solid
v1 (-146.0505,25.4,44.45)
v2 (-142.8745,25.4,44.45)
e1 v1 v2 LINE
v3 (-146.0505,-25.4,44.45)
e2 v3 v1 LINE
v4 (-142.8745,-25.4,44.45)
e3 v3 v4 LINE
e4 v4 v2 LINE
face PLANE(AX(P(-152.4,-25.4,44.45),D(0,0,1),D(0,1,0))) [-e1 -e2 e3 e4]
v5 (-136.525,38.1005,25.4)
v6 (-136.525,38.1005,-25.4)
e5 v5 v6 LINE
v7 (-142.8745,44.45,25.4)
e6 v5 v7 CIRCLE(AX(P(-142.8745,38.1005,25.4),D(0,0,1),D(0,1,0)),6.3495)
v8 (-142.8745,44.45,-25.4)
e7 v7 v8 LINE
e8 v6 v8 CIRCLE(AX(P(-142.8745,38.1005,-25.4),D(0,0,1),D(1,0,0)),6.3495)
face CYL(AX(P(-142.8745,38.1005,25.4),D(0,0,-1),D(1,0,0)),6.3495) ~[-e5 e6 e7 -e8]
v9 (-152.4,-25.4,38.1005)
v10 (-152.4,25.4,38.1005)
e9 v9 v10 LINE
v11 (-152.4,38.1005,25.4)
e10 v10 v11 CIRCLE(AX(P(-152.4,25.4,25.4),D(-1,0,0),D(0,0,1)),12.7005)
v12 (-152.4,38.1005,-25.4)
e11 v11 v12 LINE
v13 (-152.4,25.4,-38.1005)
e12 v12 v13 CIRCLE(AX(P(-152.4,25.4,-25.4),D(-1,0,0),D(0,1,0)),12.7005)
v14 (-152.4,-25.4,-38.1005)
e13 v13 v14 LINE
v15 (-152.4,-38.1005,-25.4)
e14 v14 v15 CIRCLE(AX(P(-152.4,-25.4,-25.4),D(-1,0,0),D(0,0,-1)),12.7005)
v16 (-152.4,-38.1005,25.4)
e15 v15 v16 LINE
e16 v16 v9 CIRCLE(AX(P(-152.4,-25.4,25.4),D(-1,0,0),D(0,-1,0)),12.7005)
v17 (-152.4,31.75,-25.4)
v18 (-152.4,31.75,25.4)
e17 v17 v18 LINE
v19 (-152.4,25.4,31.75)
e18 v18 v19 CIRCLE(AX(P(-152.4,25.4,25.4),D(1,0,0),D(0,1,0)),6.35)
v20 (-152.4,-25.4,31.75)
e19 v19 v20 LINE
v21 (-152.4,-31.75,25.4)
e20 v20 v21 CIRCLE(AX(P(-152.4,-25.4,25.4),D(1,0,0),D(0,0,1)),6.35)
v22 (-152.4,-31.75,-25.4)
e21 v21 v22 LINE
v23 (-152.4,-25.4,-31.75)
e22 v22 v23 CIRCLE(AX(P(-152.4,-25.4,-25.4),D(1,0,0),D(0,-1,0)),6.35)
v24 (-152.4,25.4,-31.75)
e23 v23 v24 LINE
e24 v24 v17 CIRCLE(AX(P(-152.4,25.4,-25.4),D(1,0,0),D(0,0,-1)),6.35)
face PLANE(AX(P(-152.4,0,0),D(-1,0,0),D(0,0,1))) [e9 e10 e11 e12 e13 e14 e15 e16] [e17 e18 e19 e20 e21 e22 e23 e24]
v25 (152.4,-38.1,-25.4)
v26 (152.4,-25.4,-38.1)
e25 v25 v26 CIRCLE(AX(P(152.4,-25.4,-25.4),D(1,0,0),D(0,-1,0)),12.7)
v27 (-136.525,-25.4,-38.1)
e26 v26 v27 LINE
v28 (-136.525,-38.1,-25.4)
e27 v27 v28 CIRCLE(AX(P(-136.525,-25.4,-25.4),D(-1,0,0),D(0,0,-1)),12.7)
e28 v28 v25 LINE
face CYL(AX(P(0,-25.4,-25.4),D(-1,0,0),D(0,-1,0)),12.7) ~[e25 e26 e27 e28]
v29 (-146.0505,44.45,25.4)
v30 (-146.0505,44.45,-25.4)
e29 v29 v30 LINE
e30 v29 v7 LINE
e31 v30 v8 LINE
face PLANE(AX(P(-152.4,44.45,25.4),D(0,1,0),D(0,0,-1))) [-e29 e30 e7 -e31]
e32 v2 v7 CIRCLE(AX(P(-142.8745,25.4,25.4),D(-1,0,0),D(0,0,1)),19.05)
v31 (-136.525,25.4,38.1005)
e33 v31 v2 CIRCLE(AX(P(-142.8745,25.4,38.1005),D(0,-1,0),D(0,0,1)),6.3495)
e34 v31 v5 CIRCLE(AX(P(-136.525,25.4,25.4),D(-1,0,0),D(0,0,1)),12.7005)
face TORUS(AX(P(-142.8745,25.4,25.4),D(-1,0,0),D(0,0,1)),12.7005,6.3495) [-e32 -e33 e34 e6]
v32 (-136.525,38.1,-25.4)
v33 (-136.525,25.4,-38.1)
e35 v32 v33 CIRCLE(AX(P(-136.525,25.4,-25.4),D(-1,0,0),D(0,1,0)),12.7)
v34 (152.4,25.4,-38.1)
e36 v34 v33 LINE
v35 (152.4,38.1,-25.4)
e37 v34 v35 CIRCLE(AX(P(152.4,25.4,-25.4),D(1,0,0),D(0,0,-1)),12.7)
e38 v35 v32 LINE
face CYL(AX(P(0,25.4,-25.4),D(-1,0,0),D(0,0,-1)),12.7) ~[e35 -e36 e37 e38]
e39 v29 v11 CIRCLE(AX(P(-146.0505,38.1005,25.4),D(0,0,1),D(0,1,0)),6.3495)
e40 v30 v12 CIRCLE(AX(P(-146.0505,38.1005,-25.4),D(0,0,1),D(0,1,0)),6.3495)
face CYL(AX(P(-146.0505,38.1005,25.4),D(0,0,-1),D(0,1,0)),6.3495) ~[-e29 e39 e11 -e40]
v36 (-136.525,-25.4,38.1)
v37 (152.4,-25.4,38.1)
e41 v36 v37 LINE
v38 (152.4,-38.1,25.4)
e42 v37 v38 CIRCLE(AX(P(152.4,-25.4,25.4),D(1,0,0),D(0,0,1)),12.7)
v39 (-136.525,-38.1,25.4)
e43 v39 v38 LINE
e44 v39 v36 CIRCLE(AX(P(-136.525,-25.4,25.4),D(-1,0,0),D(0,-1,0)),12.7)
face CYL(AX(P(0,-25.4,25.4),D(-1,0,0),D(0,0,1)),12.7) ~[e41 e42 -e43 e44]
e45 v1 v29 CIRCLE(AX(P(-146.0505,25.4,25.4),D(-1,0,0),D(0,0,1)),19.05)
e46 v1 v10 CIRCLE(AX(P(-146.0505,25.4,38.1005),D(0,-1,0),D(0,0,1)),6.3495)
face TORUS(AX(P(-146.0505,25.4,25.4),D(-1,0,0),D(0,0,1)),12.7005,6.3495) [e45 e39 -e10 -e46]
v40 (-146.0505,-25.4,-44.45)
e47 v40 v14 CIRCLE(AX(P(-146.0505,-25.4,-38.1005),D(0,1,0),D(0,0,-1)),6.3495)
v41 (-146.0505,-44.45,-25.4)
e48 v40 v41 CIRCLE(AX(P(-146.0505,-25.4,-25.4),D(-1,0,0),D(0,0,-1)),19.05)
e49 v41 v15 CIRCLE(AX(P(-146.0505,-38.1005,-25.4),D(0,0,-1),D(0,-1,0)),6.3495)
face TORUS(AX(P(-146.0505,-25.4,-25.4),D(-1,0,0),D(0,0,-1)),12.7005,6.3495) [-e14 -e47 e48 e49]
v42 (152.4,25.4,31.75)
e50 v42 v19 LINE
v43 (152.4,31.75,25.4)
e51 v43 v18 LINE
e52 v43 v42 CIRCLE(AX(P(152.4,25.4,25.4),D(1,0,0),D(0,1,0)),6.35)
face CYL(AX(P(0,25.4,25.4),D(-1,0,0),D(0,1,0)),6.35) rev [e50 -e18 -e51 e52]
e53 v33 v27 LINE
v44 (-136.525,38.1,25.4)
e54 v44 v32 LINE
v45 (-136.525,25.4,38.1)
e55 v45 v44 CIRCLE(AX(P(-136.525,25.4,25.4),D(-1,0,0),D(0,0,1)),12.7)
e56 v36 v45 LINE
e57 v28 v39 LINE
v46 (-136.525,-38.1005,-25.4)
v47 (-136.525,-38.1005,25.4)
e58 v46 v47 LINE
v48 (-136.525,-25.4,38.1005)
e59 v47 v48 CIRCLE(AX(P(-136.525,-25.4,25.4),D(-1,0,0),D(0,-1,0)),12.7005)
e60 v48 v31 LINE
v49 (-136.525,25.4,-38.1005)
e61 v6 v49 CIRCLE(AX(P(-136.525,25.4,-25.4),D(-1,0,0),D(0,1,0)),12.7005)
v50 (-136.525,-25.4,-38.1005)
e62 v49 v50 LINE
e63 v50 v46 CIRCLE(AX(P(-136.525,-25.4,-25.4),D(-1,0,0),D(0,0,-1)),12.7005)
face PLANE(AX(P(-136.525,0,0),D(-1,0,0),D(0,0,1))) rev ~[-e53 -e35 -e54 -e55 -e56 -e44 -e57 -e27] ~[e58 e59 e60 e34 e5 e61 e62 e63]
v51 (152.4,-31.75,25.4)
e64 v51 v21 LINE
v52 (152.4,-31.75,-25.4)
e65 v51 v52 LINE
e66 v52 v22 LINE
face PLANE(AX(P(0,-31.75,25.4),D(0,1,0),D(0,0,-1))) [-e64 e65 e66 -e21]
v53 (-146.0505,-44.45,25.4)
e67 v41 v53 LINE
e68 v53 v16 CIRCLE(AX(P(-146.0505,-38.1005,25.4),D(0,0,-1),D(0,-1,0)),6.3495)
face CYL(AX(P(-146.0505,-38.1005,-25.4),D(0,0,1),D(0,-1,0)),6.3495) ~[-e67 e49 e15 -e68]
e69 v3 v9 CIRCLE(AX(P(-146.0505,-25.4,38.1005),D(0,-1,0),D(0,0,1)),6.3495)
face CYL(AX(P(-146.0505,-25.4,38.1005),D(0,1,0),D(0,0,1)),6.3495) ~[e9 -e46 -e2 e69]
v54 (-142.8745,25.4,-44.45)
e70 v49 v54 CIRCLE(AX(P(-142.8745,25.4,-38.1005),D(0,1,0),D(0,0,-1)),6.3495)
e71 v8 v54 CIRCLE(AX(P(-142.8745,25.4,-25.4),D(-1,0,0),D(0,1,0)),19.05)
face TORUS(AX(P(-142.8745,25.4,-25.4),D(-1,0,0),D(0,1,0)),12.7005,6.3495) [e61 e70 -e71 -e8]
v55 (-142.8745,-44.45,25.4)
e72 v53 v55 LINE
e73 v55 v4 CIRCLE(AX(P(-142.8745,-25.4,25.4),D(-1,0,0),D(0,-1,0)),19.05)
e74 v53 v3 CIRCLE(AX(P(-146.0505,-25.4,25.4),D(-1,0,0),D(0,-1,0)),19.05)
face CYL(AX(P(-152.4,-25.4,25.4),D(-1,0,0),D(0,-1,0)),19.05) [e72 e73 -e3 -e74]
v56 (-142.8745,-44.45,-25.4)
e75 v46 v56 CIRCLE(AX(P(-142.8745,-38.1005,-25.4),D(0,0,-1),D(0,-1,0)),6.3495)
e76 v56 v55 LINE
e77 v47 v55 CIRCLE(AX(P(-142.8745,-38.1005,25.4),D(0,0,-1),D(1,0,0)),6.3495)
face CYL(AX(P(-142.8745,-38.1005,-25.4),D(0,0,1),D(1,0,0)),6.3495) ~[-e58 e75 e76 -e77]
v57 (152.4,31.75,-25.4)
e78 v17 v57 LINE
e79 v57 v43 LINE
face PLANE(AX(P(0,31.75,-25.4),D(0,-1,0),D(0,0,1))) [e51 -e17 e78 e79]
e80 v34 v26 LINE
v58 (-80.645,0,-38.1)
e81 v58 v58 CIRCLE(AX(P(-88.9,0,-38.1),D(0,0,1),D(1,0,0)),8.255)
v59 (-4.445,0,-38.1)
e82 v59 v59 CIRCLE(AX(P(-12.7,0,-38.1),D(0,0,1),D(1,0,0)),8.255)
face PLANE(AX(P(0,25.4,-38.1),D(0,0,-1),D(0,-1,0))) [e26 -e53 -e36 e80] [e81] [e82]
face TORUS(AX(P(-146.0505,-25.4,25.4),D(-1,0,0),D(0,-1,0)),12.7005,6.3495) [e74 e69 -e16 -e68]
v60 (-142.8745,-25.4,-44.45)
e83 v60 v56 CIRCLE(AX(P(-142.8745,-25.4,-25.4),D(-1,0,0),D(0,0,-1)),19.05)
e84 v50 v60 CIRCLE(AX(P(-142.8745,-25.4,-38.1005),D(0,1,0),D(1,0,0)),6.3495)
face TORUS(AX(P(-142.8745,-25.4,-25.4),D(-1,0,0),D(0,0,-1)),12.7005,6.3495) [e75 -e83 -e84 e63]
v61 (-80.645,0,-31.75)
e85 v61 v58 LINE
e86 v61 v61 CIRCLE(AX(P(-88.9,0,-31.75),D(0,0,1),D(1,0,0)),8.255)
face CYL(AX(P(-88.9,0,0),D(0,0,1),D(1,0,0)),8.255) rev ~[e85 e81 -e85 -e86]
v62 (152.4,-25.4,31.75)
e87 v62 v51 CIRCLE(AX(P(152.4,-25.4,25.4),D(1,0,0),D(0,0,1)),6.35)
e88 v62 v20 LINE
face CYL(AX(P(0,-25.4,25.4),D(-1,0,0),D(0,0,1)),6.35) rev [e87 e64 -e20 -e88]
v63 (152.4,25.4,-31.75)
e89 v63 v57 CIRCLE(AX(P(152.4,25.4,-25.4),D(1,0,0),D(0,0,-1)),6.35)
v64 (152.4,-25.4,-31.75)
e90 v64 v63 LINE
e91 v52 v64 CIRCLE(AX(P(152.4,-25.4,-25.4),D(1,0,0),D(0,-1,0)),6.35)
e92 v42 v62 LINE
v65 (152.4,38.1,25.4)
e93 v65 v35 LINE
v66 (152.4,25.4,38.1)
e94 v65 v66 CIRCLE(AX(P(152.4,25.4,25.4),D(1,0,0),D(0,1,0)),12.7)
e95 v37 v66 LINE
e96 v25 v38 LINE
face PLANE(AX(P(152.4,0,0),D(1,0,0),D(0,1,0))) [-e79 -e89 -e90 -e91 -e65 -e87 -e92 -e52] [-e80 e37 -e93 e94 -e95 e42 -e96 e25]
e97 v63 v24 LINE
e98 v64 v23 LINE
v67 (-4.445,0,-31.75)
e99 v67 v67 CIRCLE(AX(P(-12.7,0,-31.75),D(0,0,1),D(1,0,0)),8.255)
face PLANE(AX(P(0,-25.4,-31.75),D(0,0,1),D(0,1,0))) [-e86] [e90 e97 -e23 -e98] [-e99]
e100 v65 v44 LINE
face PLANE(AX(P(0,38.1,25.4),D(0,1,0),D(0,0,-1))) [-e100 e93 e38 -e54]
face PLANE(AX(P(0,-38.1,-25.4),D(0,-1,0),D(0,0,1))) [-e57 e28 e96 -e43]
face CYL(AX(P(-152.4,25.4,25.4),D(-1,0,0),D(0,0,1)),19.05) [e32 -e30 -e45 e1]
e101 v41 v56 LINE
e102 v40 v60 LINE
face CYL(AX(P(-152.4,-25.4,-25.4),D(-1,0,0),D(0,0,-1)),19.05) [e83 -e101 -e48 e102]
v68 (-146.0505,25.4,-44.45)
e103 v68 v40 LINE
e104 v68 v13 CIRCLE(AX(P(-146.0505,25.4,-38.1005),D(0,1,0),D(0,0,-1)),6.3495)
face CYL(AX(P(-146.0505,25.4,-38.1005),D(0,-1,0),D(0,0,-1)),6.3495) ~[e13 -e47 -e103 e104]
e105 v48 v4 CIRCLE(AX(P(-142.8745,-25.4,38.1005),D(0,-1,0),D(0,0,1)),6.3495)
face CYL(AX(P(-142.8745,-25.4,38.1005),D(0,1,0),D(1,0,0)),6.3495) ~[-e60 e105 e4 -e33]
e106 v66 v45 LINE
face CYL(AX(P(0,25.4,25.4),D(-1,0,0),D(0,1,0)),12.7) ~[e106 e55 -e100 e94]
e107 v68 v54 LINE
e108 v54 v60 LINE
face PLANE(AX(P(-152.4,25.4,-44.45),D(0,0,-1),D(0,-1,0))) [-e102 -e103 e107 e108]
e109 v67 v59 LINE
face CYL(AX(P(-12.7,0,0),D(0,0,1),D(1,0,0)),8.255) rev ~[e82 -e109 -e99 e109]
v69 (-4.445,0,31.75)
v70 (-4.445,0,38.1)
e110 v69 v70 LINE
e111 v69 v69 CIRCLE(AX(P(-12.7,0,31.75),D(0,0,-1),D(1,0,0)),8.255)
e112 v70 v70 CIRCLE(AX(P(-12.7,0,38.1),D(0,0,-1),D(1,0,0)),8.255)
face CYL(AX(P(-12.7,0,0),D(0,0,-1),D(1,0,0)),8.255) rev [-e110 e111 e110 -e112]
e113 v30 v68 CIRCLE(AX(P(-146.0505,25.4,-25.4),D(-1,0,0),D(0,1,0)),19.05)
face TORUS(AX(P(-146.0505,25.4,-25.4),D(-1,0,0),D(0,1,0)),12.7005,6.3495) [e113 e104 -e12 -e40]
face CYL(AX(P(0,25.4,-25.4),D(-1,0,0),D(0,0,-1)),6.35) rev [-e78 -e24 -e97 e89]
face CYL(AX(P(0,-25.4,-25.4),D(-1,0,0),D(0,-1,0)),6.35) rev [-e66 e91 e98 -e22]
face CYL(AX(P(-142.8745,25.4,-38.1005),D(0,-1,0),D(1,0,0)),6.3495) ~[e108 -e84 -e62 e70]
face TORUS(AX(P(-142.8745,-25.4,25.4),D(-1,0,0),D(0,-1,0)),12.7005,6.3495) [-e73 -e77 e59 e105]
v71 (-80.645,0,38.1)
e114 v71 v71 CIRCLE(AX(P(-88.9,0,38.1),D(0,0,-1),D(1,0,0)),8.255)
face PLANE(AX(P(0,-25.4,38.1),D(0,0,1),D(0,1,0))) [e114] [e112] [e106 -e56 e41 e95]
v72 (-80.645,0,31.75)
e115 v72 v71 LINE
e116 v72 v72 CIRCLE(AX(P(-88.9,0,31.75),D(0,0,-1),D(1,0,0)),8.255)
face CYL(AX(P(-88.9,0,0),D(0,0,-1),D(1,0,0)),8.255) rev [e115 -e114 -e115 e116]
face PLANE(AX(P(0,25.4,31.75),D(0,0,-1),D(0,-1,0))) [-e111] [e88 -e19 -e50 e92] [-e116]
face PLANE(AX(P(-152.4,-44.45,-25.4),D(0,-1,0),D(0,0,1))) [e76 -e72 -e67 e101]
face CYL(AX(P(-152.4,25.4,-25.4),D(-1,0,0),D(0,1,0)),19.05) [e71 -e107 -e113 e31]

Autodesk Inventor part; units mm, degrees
ref_plane "YZ Plane" through (0, 0, 0) normal (1, 0, 0) x (0, 1, 0)
ref_plane "XZ Plane" through (0, 0, 0) normal (0, 1, 0) x (-1, 0, 0)
ref_plane "XY Plane" through (0, 0, 0) normal (0, 0, 1) x (1, 0, 0)
sketch "Sketch5" plane through (0, 0, 0) normal (1, 0, 0) x (0, 1, 0)
  line L0 (-25.4, 38.1) -> (25.4, 38.1)
  line L1 (38.1, 25.4) -> (38.1, -25.4)
  line L2 (25.4, -38.1) -> (-25.4, -38.1)
  line L3 (-38.1, -25.4) -> (-38.1, 25.4)
  line L4 (-38.1, 38.1) -> (38.1, -38.1) construction
  line L5 (38.1, 38.1) -> (-38.1, -38.1) construction
  arc A0 (38.1, 25.4) -> (25.4, 38.1) centre (25.4, 25.4) ccw
  arc A1 (25.4, -38.1) -> (38.1, -25.4) centre (25.4, -25.4) ccw
  arc A2 (-38.1, -25.4) -> (-25.4, -38.1) centre (-25.4, -25.4) ccw
  arc A3 (-25.4, 38.1) -> (-38.1, 25.4) centre (-25.4, 25.4) ccw
  line L6 (31.75, -25.4) -> (31.75, 25.4)
  arc A4 (31.75, 25.4) -> (25.4, 31.75) centre (25.4, 25.4) ccw
  line L7 (25.4, 31.75) -> (-25.4, 31.75)
  arc A5 (-25.4, 31.75) -> (-31.75, 25.4) centre (-25.4, 25.4) ccw
  line L8 (-31.75, 25.4) -> (-31.75, -25.4)
  arc A6 (-31.75, -25.4) -> (-25.4, -31.75) centre (-25.4, -25.4) ccw
  line L9 (-25.4, -31.75) -> (25.4, -31.75)
  arc A7 (25.4, -31.75) -> (31.75, -25.4) centre (25.4, -25.4) ccw
  point P0 (0, 0)
  dimension "d6" = 76.2
  dimension "d7" = 76.2
  dimension "d8" = 12.7
  dimension "d9" = 6.35
extrude "Extrusion4" add sketch "Sketch5" along normal mid plane 304.8
sketch "Sketch7" plane through (-152.4, 0, 0) normal (-1, 0, 0) x (0, 0, 1)
  arc A0 (-38.1, -25.4) -> (-25.4, -38.1) centre (-25.4, -25.4) ccw projected
  line L0 (-25.4, -38.1) -> (25.4, -38.1) projected
  arc A1 (25.4, -38.1) -> (38.1, -25.4) centre (25.4, -25.4) ccw projected
  line L1 (38.1, -25.4) -> (38.1, 25.4) projected
  arc A2 (38.1, 25.4) -> (25.4, 38.1) centre (25.4, 25.4) ccw projected
  line L2 (25.4, 38.1) -> (-25.4, 38.1) projected
  arc A3 (-25.4, 38.1) -> (-38.1, 25.4) centre (-25.4, 25.4) ccw projected
  line L3 (-38.1, 25.4) -> (-38.1, -25.4) projected
  arc A4 (-44.45, -25.4) -> (-25.4, -44.45) centre (-25.4, -25.4) ccw
  line L4 (-25.4, -44.45) -> (25.4, -44.45)
  arc A5 (25.4, -44.45) -> (44.45, -25.4) centre (25.4, -25.4) ccw
  line L5 (44.45, -25.4) -> (44.45, 25.4)
  arc A6 (44.45, 25.4) -> (25.4, 44.45) centre (25.4, 25.4) ccw
  line L6 (25.4, 44.45) -> (-25.4, 44.45)
  arc A7 (-25.4, 44.45) -> (-44.45, 25.4) centre (-25.4, 25.4) ccw
  line L7 (-44.45, 25.4) -> (-44.45, -25.4)
  point P0 (0, 0)
extrude "Extrusion5" add sketch "Sketch7" against normal blind 15.875
fillet "Fillet1" radius 6.35 16 edges at (-152.4, 38.8704, -38.8704) (-152.4, 0, -44.45) (-152.4, -38.8704, -38.8704) (-152.4, -44.45, 0) (-152.4, -38.8704, 38.8704) (-152.4, 0, 44.45) (-152.4, 38.8704, 38.8704) (-152.4, 44.45, 0) (-136.525, 38.8704, 38.8704) (-136.525, 0, 44.45) (-136.525, -38.8704, 38.8704) (-136.525, -44.45, 0) (-136.525, -38.8704, -38.8704) (-136.525, 0, -44.45) (-136.525, 38.8704, -38.8704) (-136.525, 44.45, 0)
sketch "Sketch8" plane through (0, 0, 0) normal (0, 0, 1) x (1, 0, 0)
  circle A0 centre (-88.9, 0) radius 8.255
  line L0 (-152.4, 25.4) -> (-152.4, -25.4) projected
  point P0 (0, 0)
  dimension "d15" = 63.5
  dimension "d16" = 16.51
extrude "Extrusion6" cut sketch "Sketch8" along normal through all both and the other way through all
pattern_linear "Rectangular Pattern1" count 2 spacing 76.2 along (1, 0, 0) of "Extrusion6"
properties part number "Front Hitch Model-1_Base Tube-2" material "SS304"
